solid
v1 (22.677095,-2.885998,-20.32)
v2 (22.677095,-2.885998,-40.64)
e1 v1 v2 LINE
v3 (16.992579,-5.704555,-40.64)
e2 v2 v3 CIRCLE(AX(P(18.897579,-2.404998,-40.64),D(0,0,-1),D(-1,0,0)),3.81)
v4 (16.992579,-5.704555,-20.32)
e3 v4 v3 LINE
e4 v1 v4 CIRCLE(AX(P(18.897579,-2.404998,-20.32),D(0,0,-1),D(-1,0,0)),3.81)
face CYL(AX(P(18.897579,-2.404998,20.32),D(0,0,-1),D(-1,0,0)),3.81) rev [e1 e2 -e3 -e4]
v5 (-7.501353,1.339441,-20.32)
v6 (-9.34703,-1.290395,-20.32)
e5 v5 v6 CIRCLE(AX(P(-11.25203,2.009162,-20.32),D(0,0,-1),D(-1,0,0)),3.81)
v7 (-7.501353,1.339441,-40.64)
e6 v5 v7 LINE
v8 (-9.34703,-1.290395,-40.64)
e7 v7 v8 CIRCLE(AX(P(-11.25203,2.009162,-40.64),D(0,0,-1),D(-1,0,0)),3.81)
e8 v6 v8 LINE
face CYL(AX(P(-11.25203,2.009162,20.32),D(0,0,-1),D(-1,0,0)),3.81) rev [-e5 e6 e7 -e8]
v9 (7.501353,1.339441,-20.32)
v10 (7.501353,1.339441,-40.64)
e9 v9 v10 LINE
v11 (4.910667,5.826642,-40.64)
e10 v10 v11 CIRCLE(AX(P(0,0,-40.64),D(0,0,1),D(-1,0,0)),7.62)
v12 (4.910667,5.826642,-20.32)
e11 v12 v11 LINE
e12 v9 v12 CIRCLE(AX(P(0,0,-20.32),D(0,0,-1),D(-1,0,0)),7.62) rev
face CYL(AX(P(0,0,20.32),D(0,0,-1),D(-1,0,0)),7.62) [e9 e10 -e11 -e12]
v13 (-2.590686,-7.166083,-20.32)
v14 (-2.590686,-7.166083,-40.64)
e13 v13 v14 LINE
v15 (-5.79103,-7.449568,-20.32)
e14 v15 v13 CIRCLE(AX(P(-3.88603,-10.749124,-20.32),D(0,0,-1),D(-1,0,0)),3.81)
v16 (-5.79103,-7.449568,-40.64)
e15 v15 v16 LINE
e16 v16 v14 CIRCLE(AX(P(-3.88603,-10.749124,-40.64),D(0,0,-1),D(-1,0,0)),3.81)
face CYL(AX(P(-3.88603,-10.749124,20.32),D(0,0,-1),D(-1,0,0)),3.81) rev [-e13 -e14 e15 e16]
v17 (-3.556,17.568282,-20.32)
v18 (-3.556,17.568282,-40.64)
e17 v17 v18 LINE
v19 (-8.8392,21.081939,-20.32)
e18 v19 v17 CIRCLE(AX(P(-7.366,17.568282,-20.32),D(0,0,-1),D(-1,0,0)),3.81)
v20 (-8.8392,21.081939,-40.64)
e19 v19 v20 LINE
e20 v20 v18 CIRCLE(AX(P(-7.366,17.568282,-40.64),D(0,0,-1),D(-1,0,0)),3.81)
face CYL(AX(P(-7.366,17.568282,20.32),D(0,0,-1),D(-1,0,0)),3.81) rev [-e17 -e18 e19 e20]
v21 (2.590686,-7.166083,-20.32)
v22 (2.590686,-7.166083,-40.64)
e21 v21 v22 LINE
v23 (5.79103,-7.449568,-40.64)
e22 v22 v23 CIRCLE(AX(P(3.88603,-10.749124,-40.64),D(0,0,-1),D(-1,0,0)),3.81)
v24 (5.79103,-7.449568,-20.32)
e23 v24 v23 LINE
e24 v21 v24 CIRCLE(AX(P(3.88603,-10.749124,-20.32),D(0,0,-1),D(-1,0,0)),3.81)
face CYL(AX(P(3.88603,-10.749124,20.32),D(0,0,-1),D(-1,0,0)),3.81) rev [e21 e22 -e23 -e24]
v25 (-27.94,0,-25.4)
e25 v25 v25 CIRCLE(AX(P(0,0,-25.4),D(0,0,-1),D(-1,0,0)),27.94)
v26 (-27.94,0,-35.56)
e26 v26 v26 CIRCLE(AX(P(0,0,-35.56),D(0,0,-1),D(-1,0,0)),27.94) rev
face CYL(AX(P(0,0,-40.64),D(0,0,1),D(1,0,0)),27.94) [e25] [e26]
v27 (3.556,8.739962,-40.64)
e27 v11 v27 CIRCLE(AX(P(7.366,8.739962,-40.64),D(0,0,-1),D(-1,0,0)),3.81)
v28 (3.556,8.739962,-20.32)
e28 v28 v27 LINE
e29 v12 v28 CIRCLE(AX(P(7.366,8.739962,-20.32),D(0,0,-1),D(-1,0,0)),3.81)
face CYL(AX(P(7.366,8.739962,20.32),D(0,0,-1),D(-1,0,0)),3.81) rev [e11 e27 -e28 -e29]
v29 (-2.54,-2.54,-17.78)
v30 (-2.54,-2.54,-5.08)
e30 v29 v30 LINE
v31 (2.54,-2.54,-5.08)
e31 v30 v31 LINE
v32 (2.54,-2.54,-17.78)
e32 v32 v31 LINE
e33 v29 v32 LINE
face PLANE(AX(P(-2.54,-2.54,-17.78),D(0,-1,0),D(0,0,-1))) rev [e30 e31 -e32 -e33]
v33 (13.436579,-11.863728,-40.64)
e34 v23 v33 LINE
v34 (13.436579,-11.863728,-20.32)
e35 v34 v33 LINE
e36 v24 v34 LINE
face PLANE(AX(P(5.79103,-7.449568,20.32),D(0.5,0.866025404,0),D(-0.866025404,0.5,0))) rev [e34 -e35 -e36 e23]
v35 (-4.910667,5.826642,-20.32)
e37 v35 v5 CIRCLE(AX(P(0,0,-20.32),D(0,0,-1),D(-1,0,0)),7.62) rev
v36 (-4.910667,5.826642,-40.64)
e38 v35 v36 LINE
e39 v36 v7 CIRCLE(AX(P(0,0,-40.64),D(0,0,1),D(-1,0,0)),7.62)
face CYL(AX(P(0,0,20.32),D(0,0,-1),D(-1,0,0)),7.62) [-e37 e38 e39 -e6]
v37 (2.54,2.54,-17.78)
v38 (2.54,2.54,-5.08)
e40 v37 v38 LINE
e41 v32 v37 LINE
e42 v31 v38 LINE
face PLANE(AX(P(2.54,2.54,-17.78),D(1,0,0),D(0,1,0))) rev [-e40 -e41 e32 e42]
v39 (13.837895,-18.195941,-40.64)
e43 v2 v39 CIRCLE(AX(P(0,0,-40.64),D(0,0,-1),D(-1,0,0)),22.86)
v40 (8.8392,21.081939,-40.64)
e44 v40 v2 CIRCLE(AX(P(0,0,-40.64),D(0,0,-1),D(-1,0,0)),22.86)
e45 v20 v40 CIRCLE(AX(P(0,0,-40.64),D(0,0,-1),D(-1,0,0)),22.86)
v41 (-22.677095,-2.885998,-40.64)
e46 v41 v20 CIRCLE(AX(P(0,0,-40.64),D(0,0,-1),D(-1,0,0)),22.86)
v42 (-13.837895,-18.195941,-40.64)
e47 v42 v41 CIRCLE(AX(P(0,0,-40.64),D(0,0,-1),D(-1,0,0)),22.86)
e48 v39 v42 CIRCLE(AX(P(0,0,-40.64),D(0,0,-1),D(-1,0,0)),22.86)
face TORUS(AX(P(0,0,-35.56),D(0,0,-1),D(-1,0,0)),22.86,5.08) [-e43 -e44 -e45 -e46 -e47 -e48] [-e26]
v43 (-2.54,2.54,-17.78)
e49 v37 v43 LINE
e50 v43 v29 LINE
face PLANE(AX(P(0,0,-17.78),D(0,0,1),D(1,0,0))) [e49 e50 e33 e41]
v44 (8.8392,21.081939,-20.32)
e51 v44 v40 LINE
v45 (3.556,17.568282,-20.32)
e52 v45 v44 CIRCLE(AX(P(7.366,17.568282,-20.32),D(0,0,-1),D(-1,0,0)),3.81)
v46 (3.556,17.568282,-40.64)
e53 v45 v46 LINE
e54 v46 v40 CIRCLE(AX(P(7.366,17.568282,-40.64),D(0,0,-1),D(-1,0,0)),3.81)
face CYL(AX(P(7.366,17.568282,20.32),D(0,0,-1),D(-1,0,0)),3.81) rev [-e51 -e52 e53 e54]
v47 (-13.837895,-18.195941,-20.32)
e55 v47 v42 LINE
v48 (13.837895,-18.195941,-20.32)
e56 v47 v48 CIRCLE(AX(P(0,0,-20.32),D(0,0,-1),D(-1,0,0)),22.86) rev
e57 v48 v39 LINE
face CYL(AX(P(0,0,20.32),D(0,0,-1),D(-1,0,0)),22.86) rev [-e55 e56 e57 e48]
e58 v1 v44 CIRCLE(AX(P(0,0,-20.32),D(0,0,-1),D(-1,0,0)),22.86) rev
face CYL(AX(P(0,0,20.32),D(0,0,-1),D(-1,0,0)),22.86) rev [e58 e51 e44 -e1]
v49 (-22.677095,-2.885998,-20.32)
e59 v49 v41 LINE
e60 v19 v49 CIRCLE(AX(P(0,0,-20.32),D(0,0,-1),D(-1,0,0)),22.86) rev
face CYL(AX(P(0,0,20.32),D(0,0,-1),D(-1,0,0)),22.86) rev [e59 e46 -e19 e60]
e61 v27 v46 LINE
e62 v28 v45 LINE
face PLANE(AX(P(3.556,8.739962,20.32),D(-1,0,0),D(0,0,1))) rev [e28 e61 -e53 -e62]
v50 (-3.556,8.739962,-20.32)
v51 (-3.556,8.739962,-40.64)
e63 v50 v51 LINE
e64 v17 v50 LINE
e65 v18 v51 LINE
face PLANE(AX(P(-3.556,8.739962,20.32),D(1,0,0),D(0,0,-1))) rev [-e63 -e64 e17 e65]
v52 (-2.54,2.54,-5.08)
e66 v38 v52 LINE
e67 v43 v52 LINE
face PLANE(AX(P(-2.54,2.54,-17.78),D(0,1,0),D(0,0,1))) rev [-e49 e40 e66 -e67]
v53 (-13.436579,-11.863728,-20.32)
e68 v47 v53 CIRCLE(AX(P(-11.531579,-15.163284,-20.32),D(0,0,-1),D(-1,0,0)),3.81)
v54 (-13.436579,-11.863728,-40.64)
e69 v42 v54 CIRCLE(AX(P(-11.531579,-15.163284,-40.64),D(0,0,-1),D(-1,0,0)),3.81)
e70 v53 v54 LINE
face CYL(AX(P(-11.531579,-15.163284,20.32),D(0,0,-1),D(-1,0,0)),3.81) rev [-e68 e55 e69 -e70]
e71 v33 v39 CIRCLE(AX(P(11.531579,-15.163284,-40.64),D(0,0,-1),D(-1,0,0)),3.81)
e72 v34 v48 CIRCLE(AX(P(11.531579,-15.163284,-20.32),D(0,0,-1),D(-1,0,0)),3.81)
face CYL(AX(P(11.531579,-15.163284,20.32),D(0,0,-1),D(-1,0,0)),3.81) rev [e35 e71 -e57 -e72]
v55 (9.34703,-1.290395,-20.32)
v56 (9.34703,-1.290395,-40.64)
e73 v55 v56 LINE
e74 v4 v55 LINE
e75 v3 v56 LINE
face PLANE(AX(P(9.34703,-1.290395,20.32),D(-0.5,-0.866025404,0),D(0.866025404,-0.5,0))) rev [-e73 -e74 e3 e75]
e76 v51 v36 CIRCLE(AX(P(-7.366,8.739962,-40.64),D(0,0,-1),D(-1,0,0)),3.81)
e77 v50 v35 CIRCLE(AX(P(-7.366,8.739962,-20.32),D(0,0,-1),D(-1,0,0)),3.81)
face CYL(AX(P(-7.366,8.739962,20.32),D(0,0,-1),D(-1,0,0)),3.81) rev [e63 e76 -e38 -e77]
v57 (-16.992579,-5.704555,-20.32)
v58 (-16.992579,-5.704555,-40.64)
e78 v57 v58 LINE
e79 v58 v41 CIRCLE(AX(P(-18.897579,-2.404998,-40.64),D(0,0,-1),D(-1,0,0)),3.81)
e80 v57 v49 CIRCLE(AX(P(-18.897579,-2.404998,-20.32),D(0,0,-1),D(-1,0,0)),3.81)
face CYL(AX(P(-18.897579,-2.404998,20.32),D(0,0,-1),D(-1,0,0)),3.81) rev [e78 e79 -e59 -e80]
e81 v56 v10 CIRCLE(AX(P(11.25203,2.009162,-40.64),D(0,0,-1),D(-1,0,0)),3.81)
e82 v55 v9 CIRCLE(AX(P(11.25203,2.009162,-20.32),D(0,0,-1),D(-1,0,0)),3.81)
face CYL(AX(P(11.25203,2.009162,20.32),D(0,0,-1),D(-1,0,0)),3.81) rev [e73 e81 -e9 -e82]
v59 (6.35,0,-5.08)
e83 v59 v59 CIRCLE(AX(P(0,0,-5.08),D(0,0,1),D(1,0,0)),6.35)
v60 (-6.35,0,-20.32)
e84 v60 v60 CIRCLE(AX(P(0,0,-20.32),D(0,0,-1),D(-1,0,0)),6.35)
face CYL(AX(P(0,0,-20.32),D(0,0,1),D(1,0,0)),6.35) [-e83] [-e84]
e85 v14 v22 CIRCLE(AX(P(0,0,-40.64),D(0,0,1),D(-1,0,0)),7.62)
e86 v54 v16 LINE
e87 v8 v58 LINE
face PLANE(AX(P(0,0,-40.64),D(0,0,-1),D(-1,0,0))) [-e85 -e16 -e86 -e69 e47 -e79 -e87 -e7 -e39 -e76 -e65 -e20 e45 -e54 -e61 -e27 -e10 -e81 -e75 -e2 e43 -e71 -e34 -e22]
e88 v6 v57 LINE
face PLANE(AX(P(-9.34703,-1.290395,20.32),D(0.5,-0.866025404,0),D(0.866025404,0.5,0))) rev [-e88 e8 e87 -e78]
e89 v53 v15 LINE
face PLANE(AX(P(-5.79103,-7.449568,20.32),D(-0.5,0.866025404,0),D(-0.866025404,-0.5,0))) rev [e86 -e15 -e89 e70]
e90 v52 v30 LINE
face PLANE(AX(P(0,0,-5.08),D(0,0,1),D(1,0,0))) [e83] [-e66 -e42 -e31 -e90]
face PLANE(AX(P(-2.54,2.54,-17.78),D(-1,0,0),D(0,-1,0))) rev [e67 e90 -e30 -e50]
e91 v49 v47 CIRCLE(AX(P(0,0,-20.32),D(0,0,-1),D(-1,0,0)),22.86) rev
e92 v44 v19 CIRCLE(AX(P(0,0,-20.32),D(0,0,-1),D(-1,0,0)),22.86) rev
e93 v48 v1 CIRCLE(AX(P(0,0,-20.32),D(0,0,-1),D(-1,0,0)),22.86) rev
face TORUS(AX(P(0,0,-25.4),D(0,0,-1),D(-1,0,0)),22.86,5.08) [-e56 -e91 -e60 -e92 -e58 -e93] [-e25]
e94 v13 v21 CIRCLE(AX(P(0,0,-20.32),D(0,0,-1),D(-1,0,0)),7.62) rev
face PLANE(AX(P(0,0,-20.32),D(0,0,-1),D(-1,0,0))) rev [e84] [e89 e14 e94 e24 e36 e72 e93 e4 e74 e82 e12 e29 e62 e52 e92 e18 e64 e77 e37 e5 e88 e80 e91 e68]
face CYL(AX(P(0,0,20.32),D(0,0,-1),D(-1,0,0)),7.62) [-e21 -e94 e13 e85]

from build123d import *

# Parameters (mm, degrees)
SKETCH1_R           = 27.94
BOSS_EXTRUDE1_DEPTH = 20.32
SKETCH2_R           = 6.35
BOSS_EXTRUDE2_DEPTH = 20.32
BOSS_EXTRUDE3_START = 20.32
SKETCH3_R           = 27.94
BOSS_EXTRUDE3_DEPTH = 20.32
FILLET1_R           = 5.08
FILLET2_R           = 5.08
FILLET3_R           = 5.08
FILLET4_R           = 5.08
CUT_EXTRUDE1_DEPTH  = 73.645776241
SKETCH6_R           = 27.94
CUT_EXTRUDE2_DEPTH  = 57.682420605
SKETCH7_R           = 6.35
CUT_EXTRUDE3_DEPTH  = 5.08
SKETCH8_W           = 5.08
SKETCH8_H           = 5.08
CUT_EXTRUDE4_DEPTH  = 12.7


with BuildPart() as part:
    # Sketch1 → Boss-Extrude1 (new body)
    with BuildSketch(Plane.XY):
        Circle(SKETCH1_R)
    extrude(amount=BOSS_EXTRUDE1_DEPTH)

    # Sketch2 → Boss-Extrude2 (add)
    with BuildSketch(Plane(origin=(0, 0, 0), x_dir=(-1, 0, 0), z_dir=(0, 0, -1))):
        with Locations(Location((0, 0, 0), (0, 0, 180))):
            Circle(SKETCH2_R)
    extrude(amount=BOSS_EXTRUDE2_DEPTH)

    # Sketch3 → Boss-Extrude3 (add)
    with BuildSketch(Plane(origin=(0, 0, -20.32), x_dir=(-1, 0, 0), z_dir=(0, 0, -1)).offset(BOSS_EXTRUDE3_START)):
        with Locations(Location((0, 0, 0), (0, 0, 180))):
            Circle(SKETCH3_R)
    extrude(amount=-BOSS_EXTRUDE3_DEPTH)

    # Fillet1
    fillet1_edges = [part.edges().sort_by_distance(p)[0] for p in [
        (-27.94, 0, 20.32),
    ]]
    fillet(fillet1_edges, radius=FILLET1_R)

    # Fillet2
    fillet2_edges = [part.edges().sort_by_distance(p)[0] for p in [
        (-27.94, 0, 0),
    ]]
    fillet(fillet2_edges, radius=FILLET2_R)

    # Fillet3
    fillet3_edges = [part.edges().sort_by_distance(p)[0] for p in [
        (-27.94, 0, -20.32),
    ]]
    fillet(fillet3_edges, radius=FILLET3_R)

    # Fillet4
    fillet4_edges = [part.edges().sort_by_distance(p)[0] for p in [
        (-27.94, 0, -40.64),
    ]]
    fillet(fillet4_edges, radius=FILLET4_R)

    # Sketch4 → Cut-Extrude1 (cut, through all)
    with BuildSketch(Plane(origin=(0, 0, -40.64), x_dir=(-1, 0, 0), z_dir=(0, 0, -1))):
        with BuildLine():
            Line((-3.556, 8.739962471), (-3.556, 17.568282329))
            ThreePointArc((-3.556, 17.568282329), (-5.256117539, 20.740741312), (-8.8392, 21.081938795))
            ThreePointArc((-8.8392, 21.081938795), (-19.797340731, 11.43), (-22.677094558, -2.885997648))
            ThreePointArc((-22.677094558, -2.885997648), (-20.590067639, -5.818439342), (-16.992578798, -5.704554829))
            Line((-16.992578798, -5.704554829), (-9.347029528, -1.2903949))
            ThreePointArc((-9.347029528, -1.2903949), (-8.133427478, -0.179541209), (-7.501353019, 1.339441259))
            ThreePointArc((-7.501353019, 1.339441259), (-6.599113577, 3.81), (-4.910666667, 5.826641648))
            ThreePointArc((-4.910666667, 5.826641648), (-3.911226491, 7.13352542), (-3.556, 8.739962471))
        make_face()
        with BuildLine():
            Line((3.556, 8.739962471), (3.556, 17.568282329))
            ThreePointArc((3.556, 17.568282329), (5.256117539, 20.740741312), (8.8392, 21.081938795))
            ThreePointArc((8.8392, 21.081938795), (19.797340731, 11.43), (22.677094558, -2.885997648))
            ThreePointArc((22.677094558, -2.885997648), (20.590067639, -5.818439342), (16.992578798, -5.704554829))
            Line((16.992578798, -5.704554829), (9.347029528, -1.2903949))
            ThreePointArc((9.347029528, -1.2903949), (8.133427478, -0.179541209), (7.501353019, 1.339441259))
            ThreePointArc((7.501353019, 1.339441259), (6.599113577, 3.81), (4.910666667, 5.826641648))
            ThreePointArc((4.910666667, 5.826641648), (3.911226491, 7.13352542), (3.556, 8.739962471))
        make_face()
        with BuildLine():
            Line((5.791029528, -7.449567572), (13.436578798, -11.8637275))
            ThreePointArc((13.436578798, -11.8637275), (15.3339501, -14.92230197), (13.837894558, -18.195941147))
            ThreePointArc((13.837894558, -18.195941147), (0, -22.86), (-13.837894558, -18.195941147))
            ThreePointArc((-13.837894558, -18.195941147), (-15.3339501, -14.92230197), (-13.436578798, -11.8637275))
            Line((-13.436578798, -11.8637275), (-5.791029528, -7.449567572))
            ThreePointArc((-5.791029528, -7.449567572), (-4.222200987, -6.953984211), (-2.590686352, -7.166082907))
            ThreePointArc((-2.590686352, -7.166082907), (0, -7.62), (2.590686352, -7.166082907))
            ThreePointArc((2.590686352, -7.166082907), (4.222200987, -6.953984211), (5.791029528, -7.449567572))
        make_face()
    extrude(amount=-CUT_EXTRUDE1_DEPTH, mode=Mode.SUBTRACT)

    # Sketch6 → Cut-Extrude2 (cut, through all)
    with BuildSketch(Plane(origin=(0, 0, 0), x_dir=(-1, 0, 0), z_dir=(0, 0, -1))):
        Circle(SKETCH6_R)
    extrude(amount=-CUT_EXTRUDE2_DEPTH, mode=Mode.SUBTRACT)

    # Sketch7 → Cut-Extrude3 (cut)
    with BuildSketch(Plane.XY):
        Circle(SKETCH7_R)
    extrude(amount=-CUT_EXTRUDE3_DEPTH, mode=Mode.SUBTRACT)

    # Sketch8 → Cut-Extrude4 (cut)
    with BuildSketch(Plane.XY.offset(-5.08)):
        Rectangle(SKETCH8_W, SKETCH8_H)
    extrude(amount=-CUT_EXTRUDE4_DEPTH, mode=Mode.SUBTRACT)


solid = part.part
